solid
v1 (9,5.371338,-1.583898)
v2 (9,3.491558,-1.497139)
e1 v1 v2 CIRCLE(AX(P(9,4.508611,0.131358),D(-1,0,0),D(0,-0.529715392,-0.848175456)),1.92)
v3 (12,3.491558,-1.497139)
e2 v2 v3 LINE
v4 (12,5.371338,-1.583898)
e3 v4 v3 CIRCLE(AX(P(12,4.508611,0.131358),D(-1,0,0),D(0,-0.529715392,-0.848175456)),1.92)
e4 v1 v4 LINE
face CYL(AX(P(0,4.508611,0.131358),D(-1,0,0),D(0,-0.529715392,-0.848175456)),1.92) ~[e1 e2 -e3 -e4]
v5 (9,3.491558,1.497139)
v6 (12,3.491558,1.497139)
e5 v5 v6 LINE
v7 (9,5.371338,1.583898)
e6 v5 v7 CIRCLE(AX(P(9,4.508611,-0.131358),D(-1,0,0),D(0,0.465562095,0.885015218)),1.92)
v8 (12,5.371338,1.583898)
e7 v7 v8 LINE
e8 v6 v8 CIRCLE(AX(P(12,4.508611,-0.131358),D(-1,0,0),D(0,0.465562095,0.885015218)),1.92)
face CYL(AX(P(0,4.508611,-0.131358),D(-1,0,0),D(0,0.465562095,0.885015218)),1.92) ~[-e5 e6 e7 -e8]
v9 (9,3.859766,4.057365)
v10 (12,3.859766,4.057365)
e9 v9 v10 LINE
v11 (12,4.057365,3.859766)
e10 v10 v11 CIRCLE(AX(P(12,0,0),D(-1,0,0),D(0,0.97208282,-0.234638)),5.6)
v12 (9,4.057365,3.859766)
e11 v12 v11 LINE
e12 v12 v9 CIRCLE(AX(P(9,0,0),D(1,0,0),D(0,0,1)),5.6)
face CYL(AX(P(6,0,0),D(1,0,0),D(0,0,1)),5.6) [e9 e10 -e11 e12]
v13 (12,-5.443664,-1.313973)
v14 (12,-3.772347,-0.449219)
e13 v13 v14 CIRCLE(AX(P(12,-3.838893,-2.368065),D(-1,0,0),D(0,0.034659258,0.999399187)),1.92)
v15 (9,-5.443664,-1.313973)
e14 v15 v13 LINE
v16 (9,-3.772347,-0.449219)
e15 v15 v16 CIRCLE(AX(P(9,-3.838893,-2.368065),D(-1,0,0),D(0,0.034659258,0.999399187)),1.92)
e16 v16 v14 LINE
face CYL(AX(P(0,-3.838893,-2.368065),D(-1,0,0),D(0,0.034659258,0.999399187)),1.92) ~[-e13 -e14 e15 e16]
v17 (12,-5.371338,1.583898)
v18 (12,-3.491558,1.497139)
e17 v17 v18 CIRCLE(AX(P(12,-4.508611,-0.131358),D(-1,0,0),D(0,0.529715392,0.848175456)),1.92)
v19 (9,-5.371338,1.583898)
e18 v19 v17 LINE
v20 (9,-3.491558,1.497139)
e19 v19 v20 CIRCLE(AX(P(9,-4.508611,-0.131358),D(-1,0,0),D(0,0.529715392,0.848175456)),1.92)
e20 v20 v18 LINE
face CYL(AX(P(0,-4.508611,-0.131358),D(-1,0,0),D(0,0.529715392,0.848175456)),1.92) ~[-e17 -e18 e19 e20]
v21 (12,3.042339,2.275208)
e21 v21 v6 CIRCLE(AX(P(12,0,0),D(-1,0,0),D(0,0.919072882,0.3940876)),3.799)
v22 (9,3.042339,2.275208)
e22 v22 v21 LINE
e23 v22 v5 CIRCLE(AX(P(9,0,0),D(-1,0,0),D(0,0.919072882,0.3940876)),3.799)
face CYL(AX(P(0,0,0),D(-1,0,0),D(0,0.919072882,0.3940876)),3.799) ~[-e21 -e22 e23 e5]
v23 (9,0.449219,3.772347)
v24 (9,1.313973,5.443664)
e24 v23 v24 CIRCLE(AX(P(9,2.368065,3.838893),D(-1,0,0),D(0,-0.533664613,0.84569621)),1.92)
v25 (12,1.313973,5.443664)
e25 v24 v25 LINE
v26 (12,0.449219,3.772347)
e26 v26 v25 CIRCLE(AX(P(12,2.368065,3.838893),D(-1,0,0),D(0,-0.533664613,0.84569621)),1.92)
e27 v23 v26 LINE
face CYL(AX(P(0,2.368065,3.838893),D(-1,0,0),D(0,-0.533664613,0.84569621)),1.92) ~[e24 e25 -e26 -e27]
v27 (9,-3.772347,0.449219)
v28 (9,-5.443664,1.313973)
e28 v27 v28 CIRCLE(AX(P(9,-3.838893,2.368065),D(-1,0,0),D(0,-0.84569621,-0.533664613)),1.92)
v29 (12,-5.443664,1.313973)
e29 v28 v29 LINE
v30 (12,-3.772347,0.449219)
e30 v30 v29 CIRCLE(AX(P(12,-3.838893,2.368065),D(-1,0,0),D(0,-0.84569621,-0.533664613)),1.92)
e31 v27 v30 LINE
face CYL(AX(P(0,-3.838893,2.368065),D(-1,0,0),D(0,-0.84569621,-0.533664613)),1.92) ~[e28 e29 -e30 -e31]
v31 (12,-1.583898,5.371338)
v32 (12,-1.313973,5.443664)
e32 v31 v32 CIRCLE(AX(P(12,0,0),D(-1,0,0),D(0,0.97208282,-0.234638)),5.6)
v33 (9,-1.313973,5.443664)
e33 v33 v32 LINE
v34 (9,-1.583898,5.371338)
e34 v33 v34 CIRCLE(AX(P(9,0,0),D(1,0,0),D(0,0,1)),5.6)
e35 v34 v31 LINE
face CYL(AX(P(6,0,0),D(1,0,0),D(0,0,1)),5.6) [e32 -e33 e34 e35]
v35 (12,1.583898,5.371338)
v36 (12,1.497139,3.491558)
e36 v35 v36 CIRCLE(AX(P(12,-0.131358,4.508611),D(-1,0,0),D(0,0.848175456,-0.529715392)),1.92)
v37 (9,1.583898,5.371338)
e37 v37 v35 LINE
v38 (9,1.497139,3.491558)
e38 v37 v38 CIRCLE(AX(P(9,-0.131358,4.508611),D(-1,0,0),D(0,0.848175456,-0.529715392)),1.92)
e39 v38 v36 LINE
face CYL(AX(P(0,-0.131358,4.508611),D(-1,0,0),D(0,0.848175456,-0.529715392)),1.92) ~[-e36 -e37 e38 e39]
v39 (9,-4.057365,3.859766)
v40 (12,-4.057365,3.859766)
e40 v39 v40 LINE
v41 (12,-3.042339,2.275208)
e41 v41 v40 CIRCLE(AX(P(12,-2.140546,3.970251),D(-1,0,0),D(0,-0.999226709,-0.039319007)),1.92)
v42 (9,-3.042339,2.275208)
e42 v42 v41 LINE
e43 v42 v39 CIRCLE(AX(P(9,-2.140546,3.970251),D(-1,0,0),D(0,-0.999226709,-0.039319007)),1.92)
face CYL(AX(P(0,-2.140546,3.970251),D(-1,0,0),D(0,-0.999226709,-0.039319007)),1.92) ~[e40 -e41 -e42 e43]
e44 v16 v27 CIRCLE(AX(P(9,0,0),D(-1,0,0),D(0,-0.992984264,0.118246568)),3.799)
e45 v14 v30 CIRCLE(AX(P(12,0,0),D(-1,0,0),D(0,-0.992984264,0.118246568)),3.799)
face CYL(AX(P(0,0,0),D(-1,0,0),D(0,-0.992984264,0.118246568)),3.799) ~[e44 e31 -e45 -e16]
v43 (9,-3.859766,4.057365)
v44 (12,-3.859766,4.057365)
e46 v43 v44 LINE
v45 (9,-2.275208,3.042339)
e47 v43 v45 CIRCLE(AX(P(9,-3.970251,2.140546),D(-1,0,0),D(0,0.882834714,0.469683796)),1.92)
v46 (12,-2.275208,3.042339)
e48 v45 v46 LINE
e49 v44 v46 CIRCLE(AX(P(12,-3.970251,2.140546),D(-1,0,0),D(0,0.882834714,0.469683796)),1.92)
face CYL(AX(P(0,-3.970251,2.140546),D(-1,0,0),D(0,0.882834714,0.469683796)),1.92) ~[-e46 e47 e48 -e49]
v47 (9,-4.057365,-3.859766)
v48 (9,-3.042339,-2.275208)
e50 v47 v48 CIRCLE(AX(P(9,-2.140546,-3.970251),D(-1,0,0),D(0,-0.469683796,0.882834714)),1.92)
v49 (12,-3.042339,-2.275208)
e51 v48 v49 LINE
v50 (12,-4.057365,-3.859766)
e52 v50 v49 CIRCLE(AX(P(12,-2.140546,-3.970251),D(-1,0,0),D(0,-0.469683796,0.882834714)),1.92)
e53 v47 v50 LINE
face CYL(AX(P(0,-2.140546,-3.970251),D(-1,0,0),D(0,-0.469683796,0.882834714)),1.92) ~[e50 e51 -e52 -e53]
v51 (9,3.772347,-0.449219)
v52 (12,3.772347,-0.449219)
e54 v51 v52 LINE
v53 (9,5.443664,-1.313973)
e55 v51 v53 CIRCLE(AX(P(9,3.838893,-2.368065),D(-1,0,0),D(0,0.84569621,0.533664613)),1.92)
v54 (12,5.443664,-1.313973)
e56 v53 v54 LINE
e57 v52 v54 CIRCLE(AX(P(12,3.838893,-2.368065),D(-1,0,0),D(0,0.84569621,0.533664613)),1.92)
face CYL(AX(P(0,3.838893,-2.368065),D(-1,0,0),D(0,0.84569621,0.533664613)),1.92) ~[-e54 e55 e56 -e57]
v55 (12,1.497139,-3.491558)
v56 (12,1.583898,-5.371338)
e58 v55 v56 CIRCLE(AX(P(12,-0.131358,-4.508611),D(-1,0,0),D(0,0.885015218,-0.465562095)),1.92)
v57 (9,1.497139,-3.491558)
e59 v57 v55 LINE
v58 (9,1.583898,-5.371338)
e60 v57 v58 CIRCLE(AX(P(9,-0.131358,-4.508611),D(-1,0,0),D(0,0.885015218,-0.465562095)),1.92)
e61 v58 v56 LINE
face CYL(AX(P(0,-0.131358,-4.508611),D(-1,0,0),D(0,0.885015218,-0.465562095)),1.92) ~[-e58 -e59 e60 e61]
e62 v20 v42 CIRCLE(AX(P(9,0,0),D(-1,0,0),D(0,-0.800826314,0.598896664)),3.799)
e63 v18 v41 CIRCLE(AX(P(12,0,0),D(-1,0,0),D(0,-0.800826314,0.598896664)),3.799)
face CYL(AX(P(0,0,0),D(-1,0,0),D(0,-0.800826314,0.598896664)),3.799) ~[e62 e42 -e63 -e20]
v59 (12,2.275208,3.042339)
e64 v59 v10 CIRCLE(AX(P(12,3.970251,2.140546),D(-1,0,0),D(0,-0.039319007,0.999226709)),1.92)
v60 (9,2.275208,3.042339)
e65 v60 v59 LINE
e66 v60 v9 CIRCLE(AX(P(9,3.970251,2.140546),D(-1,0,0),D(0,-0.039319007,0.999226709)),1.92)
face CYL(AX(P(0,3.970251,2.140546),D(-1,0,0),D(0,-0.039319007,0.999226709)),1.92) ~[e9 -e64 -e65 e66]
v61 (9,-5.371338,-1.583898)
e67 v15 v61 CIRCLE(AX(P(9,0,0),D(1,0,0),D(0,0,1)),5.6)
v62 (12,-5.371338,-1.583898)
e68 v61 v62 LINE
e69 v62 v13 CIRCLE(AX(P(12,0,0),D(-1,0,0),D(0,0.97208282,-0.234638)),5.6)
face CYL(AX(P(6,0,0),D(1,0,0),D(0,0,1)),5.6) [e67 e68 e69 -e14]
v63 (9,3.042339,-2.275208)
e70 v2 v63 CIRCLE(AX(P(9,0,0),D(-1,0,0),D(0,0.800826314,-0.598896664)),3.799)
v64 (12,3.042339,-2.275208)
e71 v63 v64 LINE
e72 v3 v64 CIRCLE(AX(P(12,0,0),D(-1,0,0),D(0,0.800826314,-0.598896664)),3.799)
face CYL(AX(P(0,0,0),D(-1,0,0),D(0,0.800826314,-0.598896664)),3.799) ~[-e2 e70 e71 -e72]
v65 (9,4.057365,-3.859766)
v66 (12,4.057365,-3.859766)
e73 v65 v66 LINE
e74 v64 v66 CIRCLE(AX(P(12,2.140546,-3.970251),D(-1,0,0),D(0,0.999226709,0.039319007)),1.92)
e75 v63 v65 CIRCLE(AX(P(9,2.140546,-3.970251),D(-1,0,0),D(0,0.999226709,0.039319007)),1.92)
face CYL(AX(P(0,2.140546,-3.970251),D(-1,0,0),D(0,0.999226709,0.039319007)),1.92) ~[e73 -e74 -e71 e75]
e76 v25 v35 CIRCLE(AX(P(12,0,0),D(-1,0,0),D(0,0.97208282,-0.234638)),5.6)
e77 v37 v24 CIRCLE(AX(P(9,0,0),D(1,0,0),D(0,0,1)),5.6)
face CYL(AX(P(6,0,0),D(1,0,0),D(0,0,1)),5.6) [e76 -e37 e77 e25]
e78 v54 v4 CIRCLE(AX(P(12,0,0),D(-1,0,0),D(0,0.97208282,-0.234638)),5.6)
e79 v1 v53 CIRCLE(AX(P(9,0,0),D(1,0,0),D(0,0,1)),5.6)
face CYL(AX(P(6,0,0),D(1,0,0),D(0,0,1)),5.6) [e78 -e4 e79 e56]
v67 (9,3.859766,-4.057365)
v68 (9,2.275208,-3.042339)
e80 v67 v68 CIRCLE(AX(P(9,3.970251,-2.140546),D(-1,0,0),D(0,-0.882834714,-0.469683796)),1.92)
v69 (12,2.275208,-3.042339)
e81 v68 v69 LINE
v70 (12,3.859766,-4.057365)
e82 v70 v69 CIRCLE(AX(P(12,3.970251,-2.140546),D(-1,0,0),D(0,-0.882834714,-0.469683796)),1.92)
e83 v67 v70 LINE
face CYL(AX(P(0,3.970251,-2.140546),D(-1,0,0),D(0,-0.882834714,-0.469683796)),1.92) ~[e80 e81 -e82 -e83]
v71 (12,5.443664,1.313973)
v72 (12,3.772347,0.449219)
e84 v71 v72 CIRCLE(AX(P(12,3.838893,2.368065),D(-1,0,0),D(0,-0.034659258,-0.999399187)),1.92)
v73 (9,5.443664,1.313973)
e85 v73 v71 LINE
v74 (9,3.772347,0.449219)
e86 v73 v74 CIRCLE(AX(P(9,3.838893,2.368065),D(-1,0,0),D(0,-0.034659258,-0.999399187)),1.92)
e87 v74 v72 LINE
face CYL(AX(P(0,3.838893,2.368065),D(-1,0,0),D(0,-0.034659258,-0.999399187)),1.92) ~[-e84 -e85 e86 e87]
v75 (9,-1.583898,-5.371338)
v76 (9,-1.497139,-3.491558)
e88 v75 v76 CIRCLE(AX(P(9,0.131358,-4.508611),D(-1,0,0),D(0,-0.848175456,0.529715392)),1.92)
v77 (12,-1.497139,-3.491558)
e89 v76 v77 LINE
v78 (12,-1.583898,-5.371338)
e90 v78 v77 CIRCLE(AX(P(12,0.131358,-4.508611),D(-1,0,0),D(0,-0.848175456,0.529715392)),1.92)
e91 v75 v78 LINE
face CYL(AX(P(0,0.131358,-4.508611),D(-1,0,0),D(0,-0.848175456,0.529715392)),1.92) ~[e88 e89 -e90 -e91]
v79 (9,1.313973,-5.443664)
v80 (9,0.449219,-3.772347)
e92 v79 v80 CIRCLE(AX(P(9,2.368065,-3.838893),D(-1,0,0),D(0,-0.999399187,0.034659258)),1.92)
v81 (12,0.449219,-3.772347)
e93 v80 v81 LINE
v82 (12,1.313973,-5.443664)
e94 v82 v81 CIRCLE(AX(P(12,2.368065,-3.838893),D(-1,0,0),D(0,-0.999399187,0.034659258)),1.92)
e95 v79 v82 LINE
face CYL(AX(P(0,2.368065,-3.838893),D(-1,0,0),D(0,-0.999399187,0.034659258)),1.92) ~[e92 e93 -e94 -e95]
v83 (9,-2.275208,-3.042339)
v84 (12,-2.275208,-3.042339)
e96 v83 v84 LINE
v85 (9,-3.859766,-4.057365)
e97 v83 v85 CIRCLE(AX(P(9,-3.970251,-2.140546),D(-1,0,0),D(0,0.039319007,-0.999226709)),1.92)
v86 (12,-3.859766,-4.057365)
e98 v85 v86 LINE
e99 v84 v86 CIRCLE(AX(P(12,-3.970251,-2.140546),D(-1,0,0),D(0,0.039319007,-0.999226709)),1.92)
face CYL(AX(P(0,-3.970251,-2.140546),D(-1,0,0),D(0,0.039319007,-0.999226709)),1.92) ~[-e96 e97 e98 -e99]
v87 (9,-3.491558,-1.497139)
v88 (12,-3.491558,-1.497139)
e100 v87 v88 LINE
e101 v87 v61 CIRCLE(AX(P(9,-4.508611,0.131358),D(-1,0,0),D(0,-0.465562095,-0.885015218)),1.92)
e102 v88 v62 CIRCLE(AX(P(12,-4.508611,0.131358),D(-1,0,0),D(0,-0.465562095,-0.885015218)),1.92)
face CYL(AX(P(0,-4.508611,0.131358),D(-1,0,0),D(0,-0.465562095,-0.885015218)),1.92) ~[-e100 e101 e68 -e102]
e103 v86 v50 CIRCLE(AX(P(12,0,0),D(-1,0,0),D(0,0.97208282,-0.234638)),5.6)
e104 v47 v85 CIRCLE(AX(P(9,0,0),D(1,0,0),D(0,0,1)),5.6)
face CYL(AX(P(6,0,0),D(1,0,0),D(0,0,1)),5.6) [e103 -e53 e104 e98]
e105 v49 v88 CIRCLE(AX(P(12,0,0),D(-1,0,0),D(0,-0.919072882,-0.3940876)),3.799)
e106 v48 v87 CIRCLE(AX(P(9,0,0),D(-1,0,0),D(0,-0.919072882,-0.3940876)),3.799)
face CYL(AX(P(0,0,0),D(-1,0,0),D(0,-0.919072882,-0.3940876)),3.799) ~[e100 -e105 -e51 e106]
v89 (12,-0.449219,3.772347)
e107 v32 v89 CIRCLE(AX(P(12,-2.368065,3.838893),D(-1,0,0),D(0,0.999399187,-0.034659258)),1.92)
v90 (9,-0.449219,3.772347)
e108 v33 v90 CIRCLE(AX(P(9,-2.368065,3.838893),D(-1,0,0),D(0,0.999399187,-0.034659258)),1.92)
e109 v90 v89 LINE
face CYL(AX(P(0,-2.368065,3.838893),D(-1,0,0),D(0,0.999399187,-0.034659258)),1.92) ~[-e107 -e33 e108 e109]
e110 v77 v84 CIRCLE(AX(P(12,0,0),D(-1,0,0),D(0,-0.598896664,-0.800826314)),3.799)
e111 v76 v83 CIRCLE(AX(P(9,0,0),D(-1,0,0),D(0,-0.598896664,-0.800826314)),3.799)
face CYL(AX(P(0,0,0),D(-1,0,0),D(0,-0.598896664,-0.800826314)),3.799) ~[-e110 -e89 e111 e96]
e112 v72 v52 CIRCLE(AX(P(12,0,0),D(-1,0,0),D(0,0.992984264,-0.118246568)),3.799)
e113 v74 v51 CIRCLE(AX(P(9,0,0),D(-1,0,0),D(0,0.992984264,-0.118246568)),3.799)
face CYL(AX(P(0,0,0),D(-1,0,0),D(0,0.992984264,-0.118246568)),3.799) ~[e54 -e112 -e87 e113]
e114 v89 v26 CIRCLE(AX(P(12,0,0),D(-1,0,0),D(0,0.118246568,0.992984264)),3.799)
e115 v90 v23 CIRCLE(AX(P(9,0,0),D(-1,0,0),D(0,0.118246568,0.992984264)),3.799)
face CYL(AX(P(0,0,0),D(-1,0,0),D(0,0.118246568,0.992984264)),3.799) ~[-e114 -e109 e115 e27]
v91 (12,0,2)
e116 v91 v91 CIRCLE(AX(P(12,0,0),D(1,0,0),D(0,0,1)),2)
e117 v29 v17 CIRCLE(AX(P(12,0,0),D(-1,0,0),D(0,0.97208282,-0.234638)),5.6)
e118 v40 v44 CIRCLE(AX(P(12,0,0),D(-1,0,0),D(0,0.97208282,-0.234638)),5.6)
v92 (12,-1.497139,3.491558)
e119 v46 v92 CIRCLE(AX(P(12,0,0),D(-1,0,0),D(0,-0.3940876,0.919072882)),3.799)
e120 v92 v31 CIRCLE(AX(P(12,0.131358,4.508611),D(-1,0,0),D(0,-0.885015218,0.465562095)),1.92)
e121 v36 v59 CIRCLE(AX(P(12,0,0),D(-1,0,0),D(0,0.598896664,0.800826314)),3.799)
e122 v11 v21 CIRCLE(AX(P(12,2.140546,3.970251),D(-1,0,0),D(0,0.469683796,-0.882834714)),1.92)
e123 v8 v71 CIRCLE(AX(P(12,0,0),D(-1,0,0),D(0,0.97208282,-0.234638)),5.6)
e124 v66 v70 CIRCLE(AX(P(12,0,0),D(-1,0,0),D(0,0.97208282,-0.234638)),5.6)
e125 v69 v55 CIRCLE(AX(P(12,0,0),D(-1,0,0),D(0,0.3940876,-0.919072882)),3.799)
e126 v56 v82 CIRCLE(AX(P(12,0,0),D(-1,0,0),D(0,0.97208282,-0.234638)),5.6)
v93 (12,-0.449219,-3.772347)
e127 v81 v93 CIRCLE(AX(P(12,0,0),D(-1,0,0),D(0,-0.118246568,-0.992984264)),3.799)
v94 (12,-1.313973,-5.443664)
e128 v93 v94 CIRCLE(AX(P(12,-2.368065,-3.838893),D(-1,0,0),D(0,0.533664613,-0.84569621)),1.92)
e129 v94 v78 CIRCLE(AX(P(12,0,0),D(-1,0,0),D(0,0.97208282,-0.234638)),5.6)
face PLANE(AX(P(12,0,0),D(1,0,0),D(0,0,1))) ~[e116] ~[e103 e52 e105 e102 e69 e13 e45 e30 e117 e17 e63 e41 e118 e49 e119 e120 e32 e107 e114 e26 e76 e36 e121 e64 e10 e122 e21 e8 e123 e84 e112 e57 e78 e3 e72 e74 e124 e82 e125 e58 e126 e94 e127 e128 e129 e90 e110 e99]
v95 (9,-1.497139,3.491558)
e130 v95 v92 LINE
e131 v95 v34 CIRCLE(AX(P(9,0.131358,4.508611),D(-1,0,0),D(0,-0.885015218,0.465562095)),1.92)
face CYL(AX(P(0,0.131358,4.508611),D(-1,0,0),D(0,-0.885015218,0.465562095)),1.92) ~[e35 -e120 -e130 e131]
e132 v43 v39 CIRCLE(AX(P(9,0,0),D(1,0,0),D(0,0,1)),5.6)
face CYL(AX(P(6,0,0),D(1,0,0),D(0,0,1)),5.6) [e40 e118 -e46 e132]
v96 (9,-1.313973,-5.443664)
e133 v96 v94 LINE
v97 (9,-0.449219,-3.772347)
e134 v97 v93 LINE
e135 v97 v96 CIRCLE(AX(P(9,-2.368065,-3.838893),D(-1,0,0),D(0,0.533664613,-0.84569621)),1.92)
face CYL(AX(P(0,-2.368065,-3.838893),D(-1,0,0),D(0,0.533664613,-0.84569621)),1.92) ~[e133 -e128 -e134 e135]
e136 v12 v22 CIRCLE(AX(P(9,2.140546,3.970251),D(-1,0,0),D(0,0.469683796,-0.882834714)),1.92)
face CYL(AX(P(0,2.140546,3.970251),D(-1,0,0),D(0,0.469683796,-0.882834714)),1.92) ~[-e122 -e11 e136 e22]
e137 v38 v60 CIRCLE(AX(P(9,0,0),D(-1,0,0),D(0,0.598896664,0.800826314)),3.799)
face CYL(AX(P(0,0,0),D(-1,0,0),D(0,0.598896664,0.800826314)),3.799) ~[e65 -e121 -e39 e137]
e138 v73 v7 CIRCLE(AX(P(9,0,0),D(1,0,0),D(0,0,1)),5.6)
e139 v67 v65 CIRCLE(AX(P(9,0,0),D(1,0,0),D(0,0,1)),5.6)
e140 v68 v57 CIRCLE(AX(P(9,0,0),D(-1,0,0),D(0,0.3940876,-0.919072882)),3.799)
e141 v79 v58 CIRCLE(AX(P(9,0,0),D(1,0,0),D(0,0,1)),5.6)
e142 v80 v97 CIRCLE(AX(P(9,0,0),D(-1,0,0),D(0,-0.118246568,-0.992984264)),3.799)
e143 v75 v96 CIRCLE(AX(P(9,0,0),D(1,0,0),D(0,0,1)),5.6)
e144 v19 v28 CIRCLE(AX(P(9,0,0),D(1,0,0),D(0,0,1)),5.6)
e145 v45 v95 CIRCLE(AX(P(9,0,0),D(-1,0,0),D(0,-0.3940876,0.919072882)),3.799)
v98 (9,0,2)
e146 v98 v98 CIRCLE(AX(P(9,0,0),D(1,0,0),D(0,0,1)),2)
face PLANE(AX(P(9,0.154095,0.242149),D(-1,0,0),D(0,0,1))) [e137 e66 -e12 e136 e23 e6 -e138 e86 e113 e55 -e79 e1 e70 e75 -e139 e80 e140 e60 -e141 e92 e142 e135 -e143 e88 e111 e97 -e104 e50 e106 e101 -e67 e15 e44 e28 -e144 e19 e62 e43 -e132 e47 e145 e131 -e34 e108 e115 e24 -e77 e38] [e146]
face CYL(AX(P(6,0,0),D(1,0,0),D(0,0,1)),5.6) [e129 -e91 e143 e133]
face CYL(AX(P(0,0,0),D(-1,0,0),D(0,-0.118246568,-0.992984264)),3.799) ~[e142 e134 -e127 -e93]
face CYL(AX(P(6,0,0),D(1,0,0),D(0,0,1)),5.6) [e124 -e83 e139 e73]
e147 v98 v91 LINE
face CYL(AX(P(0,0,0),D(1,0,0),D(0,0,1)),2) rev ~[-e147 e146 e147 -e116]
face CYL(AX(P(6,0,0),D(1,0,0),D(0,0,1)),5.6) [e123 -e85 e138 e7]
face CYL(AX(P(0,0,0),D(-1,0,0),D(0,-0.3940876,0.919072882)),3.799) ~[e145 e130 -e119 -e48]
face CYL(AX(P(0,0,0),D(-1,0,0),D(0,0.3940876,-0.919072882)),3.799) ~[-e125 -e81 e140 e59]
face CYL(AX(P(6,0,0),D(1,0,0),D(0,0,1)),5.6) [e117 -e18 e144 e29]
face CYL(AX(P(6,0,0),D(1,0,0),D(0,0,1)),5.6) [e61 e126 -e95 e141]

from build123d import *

# Parameters (mm, degrees)
BASPROSKE_W           = 12
BASPROSKE_H           = 5.6
TOOTHCUT_DEPTH        = 15.377760604
TEETHCUTS_COUNT       = 12
TEETHCUTS_ANGLE       = 330
BORSKE_R              = 2
BORE_DEPTH            = 50.0000508
CROQUIS1_W            = 12.415647279
CROQUIS1_H            = 11.755240509
CORTAR_EXTRUIR1_DEPTH = 9


with BuildPart() as part:
    # BasProSke → Base-Revolve (revolve)
    with BuildSketch(Plane(origin=(0, 0, 0), x_dir=(1, 0, 0), z_dir=(0, 1, 0)), mode=Mode.PRIVATE) as base_revolve_sk:
        with Locations((6, 2.8)):
            Rectangle(BASPROSKE_W, BASPROSKE_H)
    revolve(base_revolve_sk.sketch.rotate(Axis((-10, 0, 0), (1, 0, 0)), 180), axis=Axis((-10, 0, 0), (1, 0, 0)))

    # TooCutSke → ToothCut (cut, through all)
    with BuildSketch(Plane(origin=(0, 0, 0), x_dir=(0, 0, -1), z_dir=(1, 0, 0))):
        with BuildLine():
            ThreePointArc((0.449218713, 3.77234722), (0, 3.799), (-0.449218713, 3.77234722))
            ThreePointArc((-0.449218713, 3.77234722), (-0.670924606, 4.73673149), (-1.343429094, 5.462629717))
            ThreePointArc((-1.343429094, 5.462629717), (0, 5.6254), (1.343429094, 5.462629717))
            ThreePointArc((1.343429094, 5.462629717), (0.670924606, 4.73673149), (0.449218713, 3.77234722))
        make_face()
    toothcut = extrude(amount=TOOTHCUT_DEPTH, mode=Mode.SUBTRACT)

    # TeethCuts: ToothCut ×12 about axis
    teethcuts_axis = Axis((-10, 0, 0), (1, 0, 0))
    for i in range(1, TEETHCUTS_COUNT):
        add(toothcut.rotate(teethcuts_axis, i * TEETHCUTS_ANGLE / (TEETHCUTS_COUNT - 1)), mode=Mode.SUBTRACT)

    # BorSke → Bore (cut, symmetric)
    with BuildSketch(Plane(origin=(0, 0, 0), x_dir=(0, 0, -1), z_dir=(1, 0, 0))):
        with Locations(Location((0, 0, 0), (0, 0, 180))):
            Circle(BORSKE_R)
    extrude(amount=BORE_DEPTH, both=True, mode=Mode.SUBTRACT)

    # Croquis1 → Cortar-Extruir1 (cut)
    with BuildSketch(Plane.ZY):
        with Locations((0.242149149, 0.154094914)):
            Rectangle(CROQUIS1_W, CROQUIS1_H)
    extrude(amount=-CORTAR_EXTRUIR1_DEPTH, mode=Mode.SUBTRACT)


solid = part.part
